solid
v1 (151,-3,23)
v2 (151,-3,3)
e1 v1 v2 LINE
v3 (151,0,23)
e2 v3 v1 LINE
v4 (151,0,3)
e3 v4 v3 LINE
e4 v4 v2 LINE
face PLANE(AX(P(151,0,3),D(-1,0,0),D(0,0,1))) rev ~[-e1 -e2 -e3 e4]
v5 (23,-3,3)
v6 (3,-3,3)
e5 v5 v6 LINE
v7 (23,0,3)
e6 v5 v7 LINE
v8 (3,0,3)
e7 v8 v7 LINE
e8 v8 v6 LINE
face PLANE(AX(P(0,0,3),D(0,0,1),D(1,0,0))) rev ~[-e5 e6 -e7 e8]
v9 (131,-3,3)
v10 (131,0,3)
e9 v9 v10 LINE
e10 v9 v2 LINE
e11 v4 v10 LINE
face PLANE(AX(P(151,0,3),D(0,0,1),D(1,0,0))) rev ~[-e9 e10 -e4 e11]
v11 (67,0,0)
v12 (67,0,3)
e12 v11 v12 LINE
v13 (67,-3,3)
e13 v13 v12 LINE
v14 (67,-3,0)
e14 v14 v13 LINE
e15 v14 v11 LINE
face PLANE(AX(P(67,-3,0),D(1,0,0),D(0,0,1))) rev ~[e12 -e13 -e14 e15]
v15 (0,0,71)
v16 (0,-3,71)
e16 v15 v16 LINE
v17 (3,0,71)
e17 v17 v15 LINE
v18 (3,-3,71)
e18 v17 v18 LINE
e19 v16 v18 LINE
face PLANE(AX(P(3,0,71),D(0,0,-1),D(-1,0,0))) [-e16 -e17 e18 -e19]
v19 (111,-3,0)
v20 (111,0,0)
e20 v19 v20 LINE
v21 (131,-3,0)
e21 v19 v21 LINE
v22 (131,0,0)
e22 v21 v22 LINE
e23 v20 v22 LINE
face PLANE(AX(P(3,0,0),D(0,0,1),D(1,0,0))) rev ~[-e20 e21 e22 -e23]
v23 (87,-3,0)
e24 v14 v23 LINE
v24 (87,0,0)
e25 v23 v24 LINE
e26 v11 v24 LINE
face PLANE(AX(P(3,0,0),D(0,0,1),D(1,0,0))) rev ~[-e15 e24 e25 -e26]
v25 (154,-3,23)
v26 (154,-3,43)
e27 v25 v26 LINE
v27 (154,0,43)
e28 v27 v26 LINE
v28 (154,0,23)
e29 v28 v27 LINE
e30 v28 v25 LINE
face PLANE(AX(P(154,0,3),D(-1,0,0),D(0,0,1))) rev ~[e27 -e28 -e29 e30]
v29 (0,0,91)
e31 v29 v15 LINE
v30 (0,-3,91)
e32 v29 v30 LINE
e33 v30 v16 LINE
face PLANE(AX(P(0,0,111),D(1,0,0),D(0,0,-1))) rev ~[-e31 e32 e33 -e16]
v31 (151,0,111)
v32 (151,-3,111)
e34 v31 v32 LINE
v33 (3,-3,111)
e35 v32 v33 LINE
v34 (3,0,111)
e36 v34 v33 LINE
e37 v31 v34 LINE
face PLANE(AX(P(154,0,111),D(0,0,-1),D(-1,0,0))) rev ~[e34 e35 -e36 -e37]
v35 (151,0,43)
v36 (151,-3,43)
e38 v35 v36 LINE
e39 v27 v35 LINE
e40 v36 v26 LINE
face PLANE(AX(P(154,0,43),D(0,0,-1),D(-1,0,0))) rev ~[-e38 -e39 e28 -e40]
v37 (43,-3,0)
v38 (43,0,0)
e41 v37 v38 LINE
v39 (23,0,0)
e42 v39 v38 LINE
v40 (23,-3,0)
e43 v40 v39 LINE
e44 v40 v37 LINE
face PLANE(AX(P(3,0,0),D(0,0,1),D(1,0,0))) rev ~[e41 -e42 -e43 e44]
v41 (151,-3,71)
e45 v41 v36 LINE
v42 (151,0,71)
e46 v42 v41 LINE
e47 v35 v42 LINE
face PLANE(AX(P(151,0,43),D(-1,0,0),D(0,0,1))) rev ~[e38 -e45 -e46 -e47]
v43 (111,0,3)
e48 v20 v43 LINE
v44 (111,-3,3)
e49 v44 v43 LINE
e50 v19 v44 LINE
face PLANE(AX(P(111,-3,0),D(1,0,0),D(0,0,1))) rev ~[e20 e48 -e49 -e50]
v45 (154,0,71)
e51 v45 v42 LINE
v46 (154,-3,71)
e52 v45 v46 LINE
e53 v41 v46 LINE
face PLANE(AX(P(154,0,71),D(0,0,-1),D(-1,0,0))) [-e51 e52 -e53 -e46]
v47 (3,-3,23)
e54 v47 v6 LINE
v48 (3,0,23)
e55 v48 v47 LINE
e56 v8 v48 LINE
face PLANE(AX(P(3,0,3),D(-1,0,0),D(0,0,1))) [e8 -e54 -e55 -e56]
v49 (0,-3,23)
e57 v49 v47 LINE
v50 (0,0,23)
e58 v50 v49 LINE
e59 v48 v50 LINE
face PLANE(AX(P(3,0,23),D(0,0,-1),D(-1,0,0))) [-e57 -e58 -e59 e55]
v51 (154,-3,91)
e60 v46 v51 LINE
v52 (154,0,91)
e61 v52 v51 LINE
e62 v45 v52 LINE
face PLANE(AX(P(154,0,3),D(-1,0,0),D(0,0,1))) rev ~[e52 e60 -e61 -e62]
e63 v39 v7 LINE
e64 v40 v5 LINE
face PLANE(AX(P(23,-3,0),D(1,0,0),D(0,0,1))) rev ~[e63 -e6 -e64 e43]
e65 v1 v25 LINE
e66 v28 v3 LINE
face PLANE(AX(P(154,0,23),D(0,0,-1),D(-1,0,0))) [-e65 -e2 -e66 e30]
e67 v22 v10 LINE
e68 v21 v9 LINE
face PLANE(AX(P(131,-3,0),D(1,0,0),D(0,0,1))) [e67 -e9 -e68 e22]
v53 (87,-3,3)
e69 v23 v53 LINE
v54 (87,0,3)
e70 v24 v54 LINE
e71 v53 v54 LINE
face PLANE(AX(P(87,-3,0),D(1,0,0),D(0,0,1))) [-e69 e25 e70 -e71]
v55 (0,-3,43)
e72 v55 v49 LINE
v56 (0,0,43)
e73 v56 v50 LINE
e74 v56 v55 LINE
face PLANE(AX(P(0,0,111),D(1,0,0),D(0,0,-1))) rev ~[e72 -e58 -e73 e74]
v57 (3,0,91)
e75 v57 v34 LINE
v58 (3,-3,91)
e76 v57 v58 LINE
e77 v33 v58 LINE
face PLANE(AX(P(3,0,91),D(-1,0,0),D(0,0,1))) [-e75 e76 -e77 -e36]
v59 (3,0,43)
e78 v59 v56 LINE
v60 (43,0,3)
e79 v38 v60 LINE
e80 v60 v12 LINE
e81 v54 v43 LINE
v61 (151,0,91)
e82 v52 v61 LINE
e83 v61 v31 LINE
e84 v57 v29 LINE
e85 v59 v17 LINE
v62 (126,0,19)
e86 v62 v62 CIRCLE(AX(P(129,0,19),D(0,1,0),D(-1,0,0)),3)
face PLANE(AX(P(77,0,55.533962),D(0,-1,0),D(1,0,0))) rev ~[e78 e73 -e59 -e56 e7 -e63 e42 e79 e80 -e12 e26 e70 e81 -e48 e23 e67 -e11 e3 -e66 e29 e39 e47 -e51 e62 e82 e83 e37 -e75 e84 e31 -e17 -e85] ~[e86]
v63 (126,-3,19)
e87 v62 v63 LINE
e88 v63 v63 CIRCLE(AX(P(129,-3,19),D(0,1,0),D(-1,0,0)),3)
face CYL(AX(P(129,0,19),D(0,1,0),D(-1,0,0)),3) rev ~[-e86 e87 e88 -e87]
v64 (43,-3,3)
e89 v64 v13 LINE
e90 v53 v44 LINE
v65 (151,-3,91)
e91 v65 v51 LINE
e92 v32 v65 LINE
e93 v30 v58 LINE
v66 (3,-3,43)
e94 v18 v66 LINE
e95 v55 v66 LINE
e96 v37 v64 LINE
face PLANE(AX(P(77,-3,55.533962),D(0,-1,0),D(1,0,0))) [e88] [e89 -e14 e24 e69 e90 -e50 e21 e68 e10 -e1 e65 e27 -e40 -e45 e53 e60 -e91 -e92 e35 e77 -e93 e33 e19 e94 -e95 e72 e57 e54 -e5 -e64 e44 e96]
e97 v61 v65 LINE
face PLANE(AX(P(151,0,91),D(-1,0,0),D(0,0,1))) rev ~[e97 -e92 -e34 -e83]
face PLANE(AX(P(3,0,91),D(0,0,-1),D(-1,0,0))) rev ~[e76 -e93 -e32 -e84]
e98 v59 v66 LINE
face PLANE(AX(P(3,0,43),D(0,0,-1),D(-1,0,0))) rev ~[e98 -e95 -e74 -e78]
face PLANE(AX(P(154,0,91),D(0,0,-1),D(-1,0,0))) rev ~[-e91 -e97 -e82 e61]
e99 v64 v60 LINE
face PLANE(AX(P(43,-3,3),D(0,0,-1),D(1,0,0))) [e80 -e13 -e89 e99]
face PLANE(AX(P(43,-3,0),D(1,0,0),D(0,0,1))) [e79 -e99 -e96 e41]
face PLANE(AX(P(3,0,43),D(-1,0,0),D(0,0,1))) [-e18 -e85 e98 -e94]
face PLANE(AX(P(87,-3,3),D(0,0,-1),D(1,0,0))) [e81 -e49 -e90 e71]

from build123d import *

# Parameters (mm, degrees)
F1_DEPTH = 3
F2_W     = 20
F2_H     = 3
F2_W_2   = 24
F3_DEPTH = 3.001
F4_W     = 3
F4_H     = 20
F4_H_2   = 28
F5_DEPTH = 3.001
F6_R     = 3
F7_DEPTH = 3.001


with BuildPart() as f1:
    # F0 (on Front) → F1 (new body)
    with BuildSketch(Plane.XZ):
        Polygon((3, 3), (3, 0), (151, 0), (151, 3), (154, 3), (154, 111), (0, 111), (0, 3), align=None)
    extrude(amount=F1_DEPTH)

    # F2 (on face) → F3 (cut, through all)
    with BuildSketch(Plane.XZ.offset(3)):
        with Locations((13, 1.5)):
            Rectangle(F2_W, F2_H)
        with Locations((55, 1.5)):
            Rectangle(F2_W_2, F2_H)
        with Locations((141, 1.5)):
            Rectangle(F2_W, F2_H)
        with Locations((99, 1.5)):
            Rectangle(F2_W_2, F2_H)
    extrude(amount=-F3_DEPTH, mode=Mode.SUBTRACT)

    # F4 (on face) → F5 (cut, through all)
    with BuildSketch(Plane(origin=(0, 0, 0), x_dir=(-1, 0, 0), z_dir=(0, 1, 0))):
        with Locations((-152.5, 13)):
            Rectangle(F4_W, F4_H)
        with Locations((-152.5, 57)):
            Rectangle(F4_W, F4_H_2)
        with Locations((-152.5, 101)):
            Rectangle(F4_W, F4_H)
        with Locations((-1.5, 57)):
            Rectangle(F4_W, F4_H_2)
        with Locations((-1.5, 13)):
            Rectangle(F4_W, F4_H)
        with Locations((-1.5, 101)):
            Rectangle(F4_W, F4_H)
    extrude(amount=-F5_DEPTH, mode=Mode.SUBTRACT)

    # F6 (on face) → F7 (cut, through all)
    with BuildSketch(Plane(origin=(0, 0, 0), x_dir=(-1, 0, 0), z_dir=(0, 1, 0))):
        with Locations((-129, 19)):
            Circle(F6_R)
    extrude(amount=-F7_DEPTH, mode=Mode.SUBTRACT)


solid = f1.part
